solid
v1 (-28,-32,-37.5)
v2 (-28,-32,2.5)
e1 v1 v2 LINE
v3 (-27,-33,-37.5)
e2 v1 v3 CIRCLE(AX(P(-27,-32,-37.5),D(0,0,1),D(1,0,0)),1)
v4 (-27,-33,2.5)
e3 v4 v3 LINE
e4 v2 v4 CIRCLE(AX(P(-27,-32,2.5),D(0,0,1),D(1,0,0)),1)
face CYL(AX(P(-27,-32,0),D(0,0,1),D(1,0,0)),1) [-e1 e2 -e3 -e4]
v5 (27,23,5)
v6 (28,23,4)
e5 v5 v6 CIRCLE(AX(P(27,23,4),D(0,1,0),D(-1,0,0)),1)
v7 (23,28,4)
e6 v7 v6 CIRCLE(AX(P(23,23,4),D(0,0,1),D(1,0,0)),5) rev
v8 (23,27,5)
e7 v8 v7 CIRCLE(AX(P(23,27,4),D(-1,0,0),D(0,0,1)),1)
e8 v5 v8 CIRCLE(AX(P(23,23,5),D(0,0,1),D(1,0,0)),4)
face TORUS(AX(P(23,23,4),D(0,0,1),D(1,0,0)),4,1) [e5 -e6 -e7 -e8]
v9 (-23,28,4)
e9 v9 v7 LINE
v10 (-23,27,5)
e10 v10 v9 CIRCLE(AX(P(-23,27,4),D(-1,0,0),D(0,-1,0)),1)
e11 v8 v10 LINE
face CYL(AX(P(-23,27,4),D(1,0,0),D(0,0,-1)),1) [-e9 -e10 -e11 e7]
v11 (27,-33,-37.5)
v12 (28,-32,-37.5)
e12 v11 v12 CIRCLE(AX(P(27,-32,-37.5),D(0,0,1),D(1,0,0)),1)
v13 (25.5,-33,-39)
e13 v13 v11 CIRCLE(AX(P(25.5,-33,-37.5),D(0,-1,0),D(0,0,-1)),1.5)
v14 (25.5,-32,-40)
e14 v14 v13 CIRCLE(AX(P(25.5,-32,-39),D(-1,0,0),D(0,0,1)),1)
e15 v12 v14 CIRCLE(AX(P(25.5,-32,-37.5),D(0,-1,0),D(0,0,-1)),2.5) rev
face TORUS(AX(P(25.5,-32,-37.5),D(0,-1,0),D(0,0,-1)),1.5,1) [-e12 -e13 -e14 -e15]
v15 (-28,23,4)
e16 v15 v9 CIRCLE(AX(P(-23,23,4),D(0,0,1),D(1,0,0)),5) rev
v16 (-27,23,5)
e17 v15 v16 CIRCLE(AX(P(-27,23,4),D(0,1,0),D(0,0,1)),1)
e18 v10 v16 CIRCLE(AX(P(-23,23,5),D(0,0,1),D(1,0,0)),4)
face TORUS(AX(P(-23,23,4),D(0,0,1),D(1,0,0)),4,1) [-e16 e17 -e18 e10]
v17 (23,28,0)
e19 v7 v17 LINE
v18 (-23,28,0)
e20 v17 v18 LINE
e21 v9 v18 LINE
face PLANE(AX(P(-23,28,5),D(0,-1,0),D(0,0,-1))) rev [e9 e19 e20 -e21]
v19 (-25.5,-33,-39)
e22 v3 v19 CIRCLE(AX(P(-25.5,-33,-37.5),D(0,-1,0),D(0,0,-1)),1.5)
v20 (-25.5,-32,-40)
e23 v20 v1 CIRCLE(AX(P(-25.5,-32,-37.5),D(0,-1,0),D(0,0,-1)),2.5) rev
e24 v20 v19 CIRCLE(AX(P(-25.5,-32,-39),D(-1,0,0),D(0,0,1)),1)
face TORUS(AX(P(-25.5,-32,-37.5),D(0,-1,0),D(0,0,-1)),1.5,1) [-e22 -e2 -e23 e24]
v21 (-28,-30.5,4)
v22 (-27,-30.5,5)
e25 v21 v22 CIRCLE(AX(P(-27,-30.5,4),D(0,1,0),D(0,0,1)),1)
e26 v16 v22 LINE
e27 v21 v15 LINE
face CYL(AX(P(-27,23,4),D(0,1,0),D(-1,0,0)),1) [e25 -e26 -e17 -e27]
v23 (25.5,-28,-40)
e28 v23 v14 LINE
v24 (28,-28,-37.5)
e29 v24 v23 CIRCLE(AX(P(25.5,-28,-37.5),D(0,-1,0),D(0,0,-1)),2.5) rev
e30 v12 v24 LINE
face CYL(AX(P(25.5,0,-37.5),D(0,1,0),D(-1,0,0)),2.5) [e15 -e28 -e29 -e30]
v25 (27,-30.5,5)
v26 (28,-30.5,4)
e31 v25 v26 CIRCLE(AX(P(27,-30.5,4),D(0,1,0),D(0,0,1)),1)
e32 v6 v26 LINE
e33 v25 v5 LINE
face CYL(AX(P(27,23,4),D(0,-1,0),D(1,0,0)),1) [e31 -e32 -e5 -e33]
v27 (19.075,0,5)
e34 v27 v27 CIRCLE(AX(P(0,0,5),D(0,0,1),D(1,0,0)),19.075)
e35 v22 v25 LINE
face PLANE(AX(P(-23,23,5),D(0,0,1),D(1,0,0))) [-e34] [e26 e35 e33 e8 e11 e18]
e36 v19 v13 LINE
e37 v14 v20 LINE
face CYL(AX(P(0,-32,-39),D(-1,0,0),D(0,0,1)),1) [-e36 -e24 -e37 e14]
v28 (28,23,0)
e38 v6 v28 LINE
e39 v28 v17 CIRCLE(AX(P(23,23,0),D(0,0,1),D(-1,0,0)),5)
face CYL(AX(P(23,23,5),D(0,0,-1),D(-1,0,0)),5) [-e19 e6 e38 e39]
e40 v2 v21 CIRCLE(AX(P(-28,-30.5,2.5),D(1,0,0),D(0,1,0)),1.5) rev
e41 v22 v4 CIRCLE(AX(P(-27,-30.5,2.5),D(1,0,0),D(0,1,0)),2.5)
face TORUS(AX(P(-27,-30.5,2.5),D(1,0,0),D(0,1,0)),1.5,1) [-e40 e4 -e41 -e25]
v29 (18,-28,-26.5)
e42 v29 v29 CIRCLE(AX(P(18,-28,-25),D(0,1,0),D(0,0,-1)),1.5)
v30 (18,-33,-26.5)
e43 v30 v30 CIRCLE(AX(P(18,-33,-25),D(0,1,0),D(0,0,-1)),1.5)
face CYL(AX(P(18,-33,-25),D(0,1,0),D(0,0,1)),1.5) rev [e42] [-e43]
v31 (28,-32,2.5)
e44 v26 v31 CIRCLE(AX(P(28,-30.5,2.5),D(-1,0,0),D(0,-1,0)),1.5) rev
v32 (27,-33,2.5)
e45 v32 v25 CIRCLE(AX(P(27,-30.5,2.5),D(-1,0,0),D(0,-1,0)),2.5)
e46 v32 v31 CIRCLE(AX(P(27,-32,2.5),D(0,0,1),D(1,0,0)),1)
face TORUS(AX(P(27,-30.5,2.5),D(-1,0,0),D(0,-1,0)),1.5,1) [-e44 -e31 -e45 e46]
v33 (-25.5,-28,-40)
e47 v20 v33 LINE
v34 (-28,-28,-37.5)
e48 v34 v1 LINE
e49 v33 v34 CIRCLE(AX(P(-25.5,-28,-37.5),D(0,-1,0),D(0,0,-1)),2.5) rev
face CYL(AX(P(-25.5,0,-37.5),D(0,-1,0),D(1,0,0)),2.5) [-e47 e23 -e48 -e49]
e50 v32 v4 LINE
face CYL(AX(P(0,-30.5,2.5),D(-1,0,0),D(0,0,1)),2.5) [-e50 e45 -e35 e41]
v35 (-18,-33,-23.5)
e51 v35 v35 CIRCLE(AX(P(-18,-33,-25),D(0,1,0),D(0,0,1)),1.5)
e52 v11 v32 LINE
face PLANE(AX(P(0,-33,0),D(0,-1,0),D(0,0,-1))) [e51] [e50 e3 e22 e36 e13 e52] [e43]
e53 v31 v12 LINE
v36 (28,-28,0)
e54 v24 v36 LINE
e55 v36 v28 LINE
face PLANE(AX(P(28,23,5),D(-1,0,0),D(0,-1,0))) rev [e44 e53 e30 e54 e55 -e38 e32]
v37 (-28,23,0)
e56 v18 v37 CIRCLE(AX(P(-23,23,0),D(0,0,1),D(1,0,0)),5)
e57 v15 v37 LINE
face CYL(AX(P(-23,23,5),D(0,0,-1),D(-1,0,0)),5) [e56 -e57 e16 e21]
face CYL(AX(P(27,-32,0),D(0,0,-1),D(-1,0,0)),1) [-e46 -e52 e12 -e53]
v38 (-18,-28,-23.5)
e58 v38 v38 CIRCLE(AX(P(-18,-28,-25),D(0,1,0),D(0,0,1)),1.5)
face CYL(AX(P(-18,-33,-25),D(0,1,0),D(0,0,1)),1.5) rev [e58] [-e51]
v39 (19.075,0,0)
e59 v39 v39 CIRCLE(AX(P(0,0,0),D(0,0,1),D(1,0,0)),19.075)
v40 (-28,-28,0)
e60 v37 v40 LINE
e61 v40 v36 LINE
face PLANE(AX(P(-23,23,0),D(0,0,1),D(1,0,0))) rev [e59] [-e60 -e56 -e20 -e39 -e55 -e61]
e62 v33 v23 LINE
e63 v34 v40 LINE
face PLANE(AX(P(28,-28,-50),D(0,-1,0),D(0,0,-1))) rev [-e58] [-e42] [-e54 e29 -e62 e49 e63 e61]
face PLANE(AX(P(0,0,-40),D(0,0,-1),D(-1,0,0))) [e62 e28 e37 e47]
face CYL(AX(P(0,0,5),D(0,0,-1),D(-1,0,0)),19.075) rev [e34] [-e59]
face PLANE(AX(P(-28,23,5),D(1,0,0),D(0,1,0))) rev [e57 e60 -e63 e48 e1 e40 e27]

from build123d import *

# Parameters (mm, degrees)
ESQUISSE1_R             = 19.075
BOSS_EXTRU_2_DEPTH      = 5
ESQUISSE2_W             = 56
ESQUISSE2_H             = 5
BOSS_EXTRU_3_DEPTH      = 5
ESQUISSE3_W             = 56
ESQUISSE3_H             = 5
BOSS_EXTRU_4_DEPTH      = 50
CONG_1_R                = 2.5
ESQUISSE5_R             = 1.5
ENL_V_MAT_EXTRU_2_DEPTH = 5
ESQUISSE6_W             = 56
ESQUISSE6_H             = 5
ENL_V_MAT_EXTRU_3_DEPTH = 10
CONG_2_R                = 2.5
CONG_3_R                = 1


with BuildPart() as part:
    # Esquisse1 → Boss.-Extru.2 (new body)
    with BuildSketch(Plane.XY):
        with BuildLine():
            Line((-23, 28), (23, 28))
            ThreePointArc((23, 28), (26.535533906, 26.535533906), (28, 23))
            Line((28, 23), (28, -28))
            Line((28, -28), (-28, -28))
            Line((-28, -28), (-28, 23))
            ThreePointArc((-28, 23), (-26.535533906, 26.535533906), (-23, 28))
        make_face()
        Circle(ESQUISSE1_R, mode=Mode.SUBTRACT)
    extrude(amount=BOSS_EXTRU_2_DEPTH)

    # Esquisse2 → Boss.-Extru.3 (add)
    with BuildSketch(Plane.XZ.offset(28)):
        with Locations((0, 2.5)):
            Rectangle(ESQUISSE2_W, ESQUISSE2_H)
    extrude(amount=BOSS_EXTRU_3_DEPTH)

    # Esquisse3 → Boss.-Extru.4 (add)
    with BuildSketch(Plane(origin=(0, 0, 0), x_dir=(-1, 0, 0), z_dir=(0, 0, -1))):
        with Locations((0, -30.5)):
            Rectangle(ESQUISSE3_W, ESQUISSE3_H)
    extrude(amount=BOSS_EXTRU_4_DEPTH)

    # Congé1
    cong_1_edges = [part.edges().sort_by_distance(p)[0] for p in [
        (0, -33, 5),
    ]]
    fillet(cong_1_edges, radius=CONG_1_R)

    # Esquisse5 → Enlèv. mat.-Extru.2 (cut)
    with BuildSketch(Plane(origin=(0, -28, 0), x_dir=(1, 0, 0), z_dir=(0, 1, 0))):
        with Locations(Location((-18, 25, 0), (0, 0, 270))):
            Circle(ESQUISSE5_R)
        with Locations(Location((18, 25, 0), (0, 0, 90))):
            Circle(ESQUISSE5_R)
    extrude(amount=-ENL_V_MAT_EXTRU_2_DEPTH, mode=Mode.SUBTRACT)

    # Esquisse6 → Enlèv. mat.-Extru.3 (cut)
    with BuildSketch(Plane(origin=(0, 0, -50), x_dir=(-1, 0, 0), z_dir=(0, 0, -1))):
        with Locations((0, -30.5)):
            Rectangle(ESQUISSE6_W, ESQUISSE6_H)
    extrude(amount=-ENL_V_MAT_EXTRU_3_DEPTH, mode=Mode.SUBTRACT)

    # Congé2
    cong_2_edges = [part.edges().sort_by_distance(p)[0] for p in [
        (28, -30.5, -40),
        (-28, -30.5, -40),
    ]]
    fillet(cong_2_edges, radius=CONG_2_R)

    # Congé3
    cong_3_edges = [part.edges().sort_by_distance(p)[0] for p in [
        (0, 28, 5),
        (-26.535533906, 26.535533906, 5),
        (-28, -3.75, 5),
        (-28, -33, -17.5),
        (-28, -32.267766953, 4.267766953),
        (28, -3.75, 5),
        (28, -32.267766953, 4.267766953),
        (0, -33, -40),
        (26.535533906, 26.535533906, 5),
        (28, -33, -17.5),
        (27.267766953, -33, -39.267766953),
        (-27.267766953, -33, -39.267766953),
    ]]
    fillet(cong_3_edges, radius=CONG_3_R)


solid = part.part
